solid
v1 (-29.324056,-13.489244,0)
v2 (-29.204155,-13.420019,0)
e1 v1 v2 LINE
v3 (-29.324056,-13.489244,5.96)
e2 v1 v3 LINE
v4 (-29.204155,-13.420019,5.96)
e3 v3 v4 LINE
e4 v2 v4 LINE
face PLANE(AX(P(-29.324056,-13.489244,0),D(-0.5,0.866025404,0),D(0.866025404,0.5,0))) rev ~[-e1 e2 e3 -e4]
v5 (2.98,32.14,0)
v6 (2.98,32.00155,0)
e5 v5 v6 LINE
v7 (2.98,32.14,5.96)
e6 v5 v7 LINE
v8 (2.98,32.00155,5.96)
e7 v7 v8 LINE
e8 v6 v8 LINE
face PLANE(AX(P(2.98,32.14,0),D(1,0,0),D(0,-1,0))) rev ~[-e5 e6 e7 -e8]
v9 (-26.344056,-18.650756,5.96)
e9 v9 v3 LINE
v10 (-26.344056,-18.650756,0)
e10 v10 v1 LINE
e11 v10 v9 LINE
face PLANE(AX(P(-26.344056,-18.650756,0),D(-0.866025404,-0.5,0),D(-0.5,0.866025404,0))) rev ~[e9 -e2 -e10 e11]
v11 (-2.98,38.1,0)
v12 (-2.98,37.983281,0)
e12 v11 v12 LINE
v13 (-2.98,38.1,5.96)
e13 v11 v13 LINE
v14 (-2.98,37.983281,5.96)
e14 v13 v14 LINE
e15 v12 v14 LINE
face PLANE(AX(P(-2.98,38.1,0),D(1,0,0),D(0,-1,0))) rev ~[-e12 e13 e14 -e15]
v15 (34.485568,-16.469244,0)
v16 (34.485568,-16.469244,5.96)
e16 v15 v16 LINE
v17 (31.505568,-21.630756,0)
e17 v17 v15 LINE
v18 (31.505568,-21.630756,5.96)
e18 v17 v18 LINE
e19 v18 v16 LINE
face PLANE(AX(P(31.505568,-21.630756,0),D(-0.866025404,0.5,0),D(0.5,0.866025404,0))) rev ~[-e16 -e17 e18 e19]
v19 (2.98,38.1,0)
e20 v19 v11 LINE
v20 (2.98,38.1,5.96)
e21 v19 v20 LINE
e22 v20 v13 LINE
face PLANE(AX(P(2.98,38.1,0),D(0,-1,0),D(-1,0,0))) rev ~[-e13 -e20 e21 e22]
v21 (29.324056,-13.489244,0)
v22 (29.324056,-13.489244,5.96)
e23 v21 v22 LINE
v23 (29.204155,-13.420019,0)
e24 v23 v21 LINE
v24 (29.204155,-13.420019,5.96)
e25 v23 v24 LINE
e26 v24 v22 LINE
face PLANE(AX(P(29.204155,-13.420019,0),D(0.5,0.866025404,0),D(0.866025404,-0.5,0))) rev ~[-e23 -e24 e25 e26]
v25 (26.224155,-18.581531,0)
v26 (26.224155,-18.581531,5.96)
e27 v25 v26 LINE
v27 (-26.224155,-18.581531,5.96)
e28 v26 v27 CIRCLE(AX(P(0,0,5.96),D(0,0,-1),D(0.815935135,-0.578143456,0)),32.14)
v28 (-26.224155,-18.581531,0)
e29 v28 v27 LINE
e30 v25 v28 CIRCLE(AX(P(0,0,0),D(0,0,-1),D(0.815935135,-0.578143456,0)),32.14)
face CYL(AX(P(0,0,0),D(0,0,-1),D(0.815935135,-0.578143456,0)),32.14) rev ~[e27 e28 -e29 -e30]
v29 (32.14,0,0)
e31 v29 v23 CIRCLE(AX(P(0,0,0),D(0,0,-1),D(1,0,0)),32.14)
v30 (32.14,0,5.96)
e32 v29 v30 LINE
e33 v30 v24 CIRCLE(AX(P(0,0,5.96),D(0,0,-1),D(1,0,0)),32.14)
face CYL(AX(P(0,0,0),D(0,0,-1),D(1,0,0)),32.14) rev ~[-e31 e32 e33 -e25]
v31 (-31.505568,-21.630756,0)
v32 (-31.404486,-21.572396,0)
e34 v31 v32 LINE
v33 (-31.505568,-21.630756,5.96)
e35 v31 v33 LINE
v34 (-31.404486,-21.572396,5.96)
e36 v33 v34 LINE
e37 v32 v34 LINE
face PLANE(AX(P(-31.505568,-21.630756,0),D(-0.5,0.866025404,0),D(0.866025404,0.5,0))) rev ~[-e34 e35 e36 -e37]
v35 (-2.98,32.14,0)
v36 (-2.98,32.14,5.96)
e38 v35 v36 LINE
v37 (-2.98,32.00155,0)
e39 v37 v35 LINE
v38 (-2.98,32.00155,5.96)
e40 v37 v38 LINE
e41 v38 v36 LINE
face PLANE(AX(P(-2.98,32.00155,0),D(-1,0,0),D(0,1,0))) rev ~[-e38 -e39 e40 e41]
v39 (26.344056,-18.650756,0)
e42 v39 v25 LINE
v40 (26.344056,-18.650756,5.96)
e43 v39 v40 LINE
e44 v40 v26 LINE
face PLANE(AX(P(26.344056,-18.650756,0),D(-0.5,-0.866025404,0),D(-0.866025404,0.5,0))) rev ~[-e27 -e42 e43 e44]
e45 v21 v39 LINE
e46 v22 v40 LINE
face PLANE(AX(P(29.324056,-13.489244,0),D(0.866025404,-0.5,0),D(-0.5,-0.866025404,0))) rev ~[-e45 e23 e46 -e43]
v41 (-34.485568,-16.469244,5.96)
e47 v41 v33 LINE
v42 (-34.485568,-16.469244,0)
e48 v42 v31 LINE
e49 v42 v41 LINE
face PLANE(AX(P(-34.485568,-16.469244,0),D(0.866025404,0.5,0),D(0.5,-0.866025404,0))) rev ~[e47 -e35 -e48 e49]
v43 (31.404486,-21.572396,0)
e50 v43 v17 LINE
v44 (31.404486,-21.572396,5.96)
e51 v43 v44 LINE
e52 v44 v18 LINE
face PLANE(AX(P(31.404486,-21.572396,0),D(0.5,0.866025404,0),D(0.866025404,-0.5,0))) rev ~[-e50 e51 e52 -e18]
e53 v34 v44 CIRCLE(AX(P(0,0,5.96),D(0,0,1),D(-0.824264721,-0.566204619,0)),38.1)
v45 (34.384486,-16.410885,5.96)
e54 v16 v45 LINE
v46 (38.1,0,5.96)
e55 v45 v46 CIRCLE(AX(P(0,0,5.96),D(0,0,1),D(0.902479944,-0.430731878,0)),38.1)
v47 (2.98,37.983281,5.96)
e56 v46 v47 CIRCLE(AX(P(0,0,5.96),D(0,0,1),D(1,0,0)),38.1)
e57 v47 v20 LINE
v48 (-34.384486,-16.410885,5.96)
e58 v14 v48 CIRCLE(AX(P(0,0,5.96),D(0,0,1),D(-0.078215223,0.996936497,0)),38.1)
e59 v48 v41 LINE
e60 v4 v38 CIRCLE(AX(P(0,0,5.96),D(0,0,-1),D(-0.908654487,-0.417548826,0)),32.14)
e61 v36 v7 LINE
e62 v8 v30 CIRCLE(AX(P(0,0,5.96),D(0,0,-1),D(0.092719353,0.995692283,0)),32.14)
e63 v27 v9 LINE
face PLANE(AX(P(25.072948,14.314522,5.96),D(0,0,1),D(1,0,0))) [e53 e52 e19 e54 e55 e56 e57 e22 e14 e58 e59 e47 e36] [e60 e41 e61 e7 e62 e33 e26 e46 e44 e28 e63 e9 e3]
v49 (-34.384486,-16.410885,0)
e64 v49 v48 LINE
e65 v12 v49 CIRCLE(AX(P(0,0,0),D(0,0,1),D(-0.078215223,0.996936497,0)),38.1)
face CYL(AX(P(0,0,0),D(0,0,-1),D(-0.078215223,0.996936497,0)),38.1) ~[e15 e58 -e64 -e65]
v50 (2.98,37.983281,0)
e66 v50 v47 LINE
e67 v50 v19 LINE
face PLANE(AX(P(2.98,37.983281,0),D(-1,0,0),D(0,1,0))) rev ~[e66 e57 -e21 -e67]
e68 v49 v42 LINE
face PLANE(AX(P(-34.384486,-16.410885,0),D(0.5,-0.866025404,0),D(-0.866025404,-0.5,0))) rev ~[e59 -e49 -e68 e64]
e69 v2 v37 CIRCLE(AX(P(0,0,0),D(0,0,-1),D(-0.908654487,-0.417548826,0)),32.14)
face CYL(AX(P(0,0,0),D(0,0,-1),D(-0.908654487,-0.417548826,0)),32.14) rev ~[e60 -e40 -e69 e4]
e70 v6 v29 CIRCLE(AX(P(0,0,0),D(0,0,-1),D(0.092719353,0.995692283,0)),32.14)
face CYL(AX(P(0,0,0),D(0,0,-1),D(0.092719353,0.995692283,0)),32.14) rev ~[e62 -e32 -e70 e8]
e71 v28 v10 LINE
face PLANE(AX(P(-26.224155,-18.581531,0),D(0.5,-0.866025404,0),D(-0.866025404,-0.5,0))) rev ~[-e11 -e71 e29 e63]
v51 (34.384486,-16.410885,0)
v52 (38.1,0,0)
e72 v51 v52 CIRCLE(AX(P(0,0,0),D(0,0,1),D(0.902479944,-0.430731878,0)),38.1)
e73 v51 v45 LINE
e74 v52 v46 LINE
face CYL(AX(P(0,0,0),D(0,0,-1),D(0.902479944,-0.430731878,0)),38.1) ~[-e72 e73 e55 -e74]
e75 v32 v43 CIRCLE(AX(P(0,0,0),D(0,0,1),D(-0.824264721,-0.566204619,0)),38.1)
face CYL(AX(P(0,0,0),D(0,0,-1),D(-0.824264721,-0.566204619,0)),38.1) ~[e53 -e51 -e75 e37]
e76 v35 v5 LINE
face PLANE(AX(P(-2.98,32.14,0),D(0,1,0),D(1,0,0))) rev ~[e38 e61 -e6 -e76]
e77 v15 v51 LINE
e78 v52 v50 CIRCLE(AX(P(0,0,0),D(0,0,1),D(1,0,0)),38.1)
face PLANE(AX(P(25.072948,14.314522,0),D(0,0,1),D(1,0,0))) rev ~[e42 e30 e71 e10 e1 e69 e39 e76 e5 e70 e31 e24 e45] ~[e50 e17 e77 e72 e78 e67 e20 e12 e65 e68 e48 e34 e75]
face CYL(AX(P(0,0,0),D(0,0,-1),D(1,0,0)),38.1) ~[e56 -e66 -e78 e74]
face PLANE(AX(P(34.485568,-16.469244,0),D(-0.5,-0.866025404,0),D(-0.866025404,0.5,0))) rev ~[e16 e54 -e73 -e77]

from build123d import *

# Parameters (mm, degrees)
F1_DEPTH = 5.96


with BuildPart() as f1:
    # F0 (on Top) → F1 (new body)
    with BuildSketch(Plane.XY):
        with BuildLine():
            ThreePointArc((34.3844858601, -16.4108845629), (37.1595136625, -8.4131173988), (38.1, 0))
            ThreePointArc((38.1, 0), (27.9745241246, 25.8657302236), (2.98, 37.9832805324))
            Line((2.98, 37.9832805324), (2.98, 32.14))
            Line((2.98, 32.14), (2.98, 32.0015499625))
            ThreePointArc((2.98, 32.0015499625), (23.7566495954, 21.6471984331), (32.14, 0))
            ThreePointArc((32.14, 0), (31.397461275, -6.8686989661), (29.204155228, -13.420019278))
            Line((29.204155228, -13.420019278), (29.3240564776, -13.4892442967))
            Line((29.3240564776, -13.4892442967), (34.3844858601, -16.4108845629))
        make_face()
        with BuildLine():
            Line((2.98, 32.14), (2.98, 37.9832805324))
            ThreePointArc((2.98, 37.9832805324), (1.4911424676, 38.0708089504), (0, 38.1))
            Line((0, 38.1), (0, 32.14))
            Line((0, 32.14), (2.98, 32.14))
        make_face()
        with BuildLine():
            ThreePointArc((0, 38.1), (1.4911424676, 38.0708089504), (2.98, 37.9832805324))
            Line((2.98, 37.9832805324), (2.98, 38.1))
            Line((2.98, 38.1), (0, 38.1))
        make_face()
        with BuildLine():
            Line((34.4855678842, -16.4692442967), (34.3844858601, -16.4108845629))
            ThreePointArc((34.3844858601, -16.4108845629), (33.7158589275, -17.7440372177), (32.9955678842, -19.05))
            Line((32.9955678842, -19.05), (34.4855678842, -16.4692442967))
        make_face()
        with BuildLine():
            ThreePointArc((32.9955678842, -19.05), (33.7158589275, -17.7440372177), (34.3844858601, -16.4108845629))
            Line((34.3844858601, -16.4108845629), (29.3240564776, -13.4892442967))
            Line((29.3240564776, -13.4892442967), (27.8340564776, -16.07))
            Line((27.8340564776, -16.07), (32.9955678842, -19.05))
        make_face()
        with BuildLine():
            Line((0, 32.14), (0, 38.1))
            ThreePointArc((0, 38.1), (-1.4911424676, 38.0708089504), (-2.98, 37.9832805324))
            Line((-2.98, 37.9832805324), (-2.98, 32.14))
            Line((-2.98, 32.14), (0, 32.14))
        make_face()
        with BuildLine():
            ThreePointArc((-2.98, 37.9832805324), (-1.4911424676, 38.0708089504), (0, 38.1))
            Line((0, 38.1), (-2.98, 38.1))
            Line((-2.98, 38.1), (-2.98, 37.9832805324))
        make_face()
        with BuildLine():
            Line((31.5055678842, -21.6307557033), (32.9955678842, -19.05))
            ThreePointArc((32.9955678842, -19.05), (32.2247164599, -20.3267717328), (31.4044858601, -21.5723959695))
            Line((31.4044858601, -21.5723959695), (31.5055678842, -21.6307557033))
        make_face()
        with BuildLine():
            ThreePointArc((31.4044858601, -21.5723959695), (32.2247164599, -20.3267717328), (32.9955678842, -19.05))
            Line((32.9955678842, -19.05), (27.8340564776, -16.07))
            Line((27.8340564776, -16.07), (26.3440564776, -18.6507557033))
            Line((26.3440564776, -18.6507557033), (31.4044858601, -21.5723959695))
        make_face()
        with BuildLine():
            Line((-2.98, 32.14), (-2.98, 37.9832805324))
            ThreePointArc((-2.98, 37.9832805324), (-32.9955678842, 19.05), (-34.3844858601, -16.4108845629))
            Line((-34.3844858601, -16.4108845629), (-29.3240564776, -13.4892442967))
            Line((-29.3240564776, -13.4892442967), (-29.204155228, -13.420019278))
            ThreePointArc((-29.204155228, -13.420019278), (-27.8340564776, 16.07), (-2.98, 32.0015499625))
            Line((-2.98, 32.0015499625), (-2.98, 32.14))
        make_face()
        with BuildLine():
            ThreePointArc((-31.4044858601, -21.5723959695), (0, -38.1), (31.4044858601, -21.5723959695))
            Line((31.4044858601, -21.5723959695), (26.3440564776, -18.6507557033))
            Line((26.3440564776, -18.6507557033), (26.224155228, -18.5815306845))
            ThreePointArc((26.224155228, -18.5815306845), (0, -32.14), (-26.224155228, -18.5815306845))
            Line((-26.224155228, -18.5815306845), (-26.3440564776, -18.6507557033))
            Line((-26.3440564776, -18.6507557033), (-31.4044858601, -21.5723959695))
        make_face()
        with BuildLine():
            Line((-29.3240564776, -13.4892442967), (-34.3844858601, -16.4108845629))
            ThreePointArc((-34.3844858601, -16.4108845629), (-33.7158589275, -17.7440372177), (-32.9955678842, -19.05))
            Line((-32.9955678842, -19.05), (-27.8340564776, -16.07))
            Line((-27.8340564776, -16.07), (-29.3240564776, -13.4892442967))
        make_face()
        with BuildLine():
            ThreePointArc((-32.9955678842, -19.05), (-33.7158589275, -17.7440372177), (-34.3844858601, -16.4108845629))
            Line((-34.3844858601, -16.4108845629), (-34.4855678842, -16.4692442967))
            Line((-34.4855678842, -16.4692442967), (-32.9955678842, -19.05))
        make_face()
        with BuildLine():
            Line((-31.5055678842, -21.6307557033), (-31.4044858601, -21.5723959695))
            ThreePointArc((-31.4044858601, -21.5723959695), (-32.2247164599, -20.3267717328), (-32.9955678842, -19.05))
            Line((-32.9955678842, -19.05), (-31.5055678842, -21.6307557033))
        make_face()
        with BuildLine():
            ThreePointArc((-32.9955678842, -19.05), (-32.2247164599, -20.3267717328), (-31.4044858601, -21.5723959695))
            Line((-31.4044858601, -21.5723959695), (-26.3440564776, -18.6507557033))
            Line((-26.3440564776, -18.6507557033), (-27.8340564776, -16.07))
            Line((-27.8340564776, -16.07), (-32.9955678842, -19.05))
        make_face()
    extrude(amount=F1_DEPTH)


solid = f1.part
